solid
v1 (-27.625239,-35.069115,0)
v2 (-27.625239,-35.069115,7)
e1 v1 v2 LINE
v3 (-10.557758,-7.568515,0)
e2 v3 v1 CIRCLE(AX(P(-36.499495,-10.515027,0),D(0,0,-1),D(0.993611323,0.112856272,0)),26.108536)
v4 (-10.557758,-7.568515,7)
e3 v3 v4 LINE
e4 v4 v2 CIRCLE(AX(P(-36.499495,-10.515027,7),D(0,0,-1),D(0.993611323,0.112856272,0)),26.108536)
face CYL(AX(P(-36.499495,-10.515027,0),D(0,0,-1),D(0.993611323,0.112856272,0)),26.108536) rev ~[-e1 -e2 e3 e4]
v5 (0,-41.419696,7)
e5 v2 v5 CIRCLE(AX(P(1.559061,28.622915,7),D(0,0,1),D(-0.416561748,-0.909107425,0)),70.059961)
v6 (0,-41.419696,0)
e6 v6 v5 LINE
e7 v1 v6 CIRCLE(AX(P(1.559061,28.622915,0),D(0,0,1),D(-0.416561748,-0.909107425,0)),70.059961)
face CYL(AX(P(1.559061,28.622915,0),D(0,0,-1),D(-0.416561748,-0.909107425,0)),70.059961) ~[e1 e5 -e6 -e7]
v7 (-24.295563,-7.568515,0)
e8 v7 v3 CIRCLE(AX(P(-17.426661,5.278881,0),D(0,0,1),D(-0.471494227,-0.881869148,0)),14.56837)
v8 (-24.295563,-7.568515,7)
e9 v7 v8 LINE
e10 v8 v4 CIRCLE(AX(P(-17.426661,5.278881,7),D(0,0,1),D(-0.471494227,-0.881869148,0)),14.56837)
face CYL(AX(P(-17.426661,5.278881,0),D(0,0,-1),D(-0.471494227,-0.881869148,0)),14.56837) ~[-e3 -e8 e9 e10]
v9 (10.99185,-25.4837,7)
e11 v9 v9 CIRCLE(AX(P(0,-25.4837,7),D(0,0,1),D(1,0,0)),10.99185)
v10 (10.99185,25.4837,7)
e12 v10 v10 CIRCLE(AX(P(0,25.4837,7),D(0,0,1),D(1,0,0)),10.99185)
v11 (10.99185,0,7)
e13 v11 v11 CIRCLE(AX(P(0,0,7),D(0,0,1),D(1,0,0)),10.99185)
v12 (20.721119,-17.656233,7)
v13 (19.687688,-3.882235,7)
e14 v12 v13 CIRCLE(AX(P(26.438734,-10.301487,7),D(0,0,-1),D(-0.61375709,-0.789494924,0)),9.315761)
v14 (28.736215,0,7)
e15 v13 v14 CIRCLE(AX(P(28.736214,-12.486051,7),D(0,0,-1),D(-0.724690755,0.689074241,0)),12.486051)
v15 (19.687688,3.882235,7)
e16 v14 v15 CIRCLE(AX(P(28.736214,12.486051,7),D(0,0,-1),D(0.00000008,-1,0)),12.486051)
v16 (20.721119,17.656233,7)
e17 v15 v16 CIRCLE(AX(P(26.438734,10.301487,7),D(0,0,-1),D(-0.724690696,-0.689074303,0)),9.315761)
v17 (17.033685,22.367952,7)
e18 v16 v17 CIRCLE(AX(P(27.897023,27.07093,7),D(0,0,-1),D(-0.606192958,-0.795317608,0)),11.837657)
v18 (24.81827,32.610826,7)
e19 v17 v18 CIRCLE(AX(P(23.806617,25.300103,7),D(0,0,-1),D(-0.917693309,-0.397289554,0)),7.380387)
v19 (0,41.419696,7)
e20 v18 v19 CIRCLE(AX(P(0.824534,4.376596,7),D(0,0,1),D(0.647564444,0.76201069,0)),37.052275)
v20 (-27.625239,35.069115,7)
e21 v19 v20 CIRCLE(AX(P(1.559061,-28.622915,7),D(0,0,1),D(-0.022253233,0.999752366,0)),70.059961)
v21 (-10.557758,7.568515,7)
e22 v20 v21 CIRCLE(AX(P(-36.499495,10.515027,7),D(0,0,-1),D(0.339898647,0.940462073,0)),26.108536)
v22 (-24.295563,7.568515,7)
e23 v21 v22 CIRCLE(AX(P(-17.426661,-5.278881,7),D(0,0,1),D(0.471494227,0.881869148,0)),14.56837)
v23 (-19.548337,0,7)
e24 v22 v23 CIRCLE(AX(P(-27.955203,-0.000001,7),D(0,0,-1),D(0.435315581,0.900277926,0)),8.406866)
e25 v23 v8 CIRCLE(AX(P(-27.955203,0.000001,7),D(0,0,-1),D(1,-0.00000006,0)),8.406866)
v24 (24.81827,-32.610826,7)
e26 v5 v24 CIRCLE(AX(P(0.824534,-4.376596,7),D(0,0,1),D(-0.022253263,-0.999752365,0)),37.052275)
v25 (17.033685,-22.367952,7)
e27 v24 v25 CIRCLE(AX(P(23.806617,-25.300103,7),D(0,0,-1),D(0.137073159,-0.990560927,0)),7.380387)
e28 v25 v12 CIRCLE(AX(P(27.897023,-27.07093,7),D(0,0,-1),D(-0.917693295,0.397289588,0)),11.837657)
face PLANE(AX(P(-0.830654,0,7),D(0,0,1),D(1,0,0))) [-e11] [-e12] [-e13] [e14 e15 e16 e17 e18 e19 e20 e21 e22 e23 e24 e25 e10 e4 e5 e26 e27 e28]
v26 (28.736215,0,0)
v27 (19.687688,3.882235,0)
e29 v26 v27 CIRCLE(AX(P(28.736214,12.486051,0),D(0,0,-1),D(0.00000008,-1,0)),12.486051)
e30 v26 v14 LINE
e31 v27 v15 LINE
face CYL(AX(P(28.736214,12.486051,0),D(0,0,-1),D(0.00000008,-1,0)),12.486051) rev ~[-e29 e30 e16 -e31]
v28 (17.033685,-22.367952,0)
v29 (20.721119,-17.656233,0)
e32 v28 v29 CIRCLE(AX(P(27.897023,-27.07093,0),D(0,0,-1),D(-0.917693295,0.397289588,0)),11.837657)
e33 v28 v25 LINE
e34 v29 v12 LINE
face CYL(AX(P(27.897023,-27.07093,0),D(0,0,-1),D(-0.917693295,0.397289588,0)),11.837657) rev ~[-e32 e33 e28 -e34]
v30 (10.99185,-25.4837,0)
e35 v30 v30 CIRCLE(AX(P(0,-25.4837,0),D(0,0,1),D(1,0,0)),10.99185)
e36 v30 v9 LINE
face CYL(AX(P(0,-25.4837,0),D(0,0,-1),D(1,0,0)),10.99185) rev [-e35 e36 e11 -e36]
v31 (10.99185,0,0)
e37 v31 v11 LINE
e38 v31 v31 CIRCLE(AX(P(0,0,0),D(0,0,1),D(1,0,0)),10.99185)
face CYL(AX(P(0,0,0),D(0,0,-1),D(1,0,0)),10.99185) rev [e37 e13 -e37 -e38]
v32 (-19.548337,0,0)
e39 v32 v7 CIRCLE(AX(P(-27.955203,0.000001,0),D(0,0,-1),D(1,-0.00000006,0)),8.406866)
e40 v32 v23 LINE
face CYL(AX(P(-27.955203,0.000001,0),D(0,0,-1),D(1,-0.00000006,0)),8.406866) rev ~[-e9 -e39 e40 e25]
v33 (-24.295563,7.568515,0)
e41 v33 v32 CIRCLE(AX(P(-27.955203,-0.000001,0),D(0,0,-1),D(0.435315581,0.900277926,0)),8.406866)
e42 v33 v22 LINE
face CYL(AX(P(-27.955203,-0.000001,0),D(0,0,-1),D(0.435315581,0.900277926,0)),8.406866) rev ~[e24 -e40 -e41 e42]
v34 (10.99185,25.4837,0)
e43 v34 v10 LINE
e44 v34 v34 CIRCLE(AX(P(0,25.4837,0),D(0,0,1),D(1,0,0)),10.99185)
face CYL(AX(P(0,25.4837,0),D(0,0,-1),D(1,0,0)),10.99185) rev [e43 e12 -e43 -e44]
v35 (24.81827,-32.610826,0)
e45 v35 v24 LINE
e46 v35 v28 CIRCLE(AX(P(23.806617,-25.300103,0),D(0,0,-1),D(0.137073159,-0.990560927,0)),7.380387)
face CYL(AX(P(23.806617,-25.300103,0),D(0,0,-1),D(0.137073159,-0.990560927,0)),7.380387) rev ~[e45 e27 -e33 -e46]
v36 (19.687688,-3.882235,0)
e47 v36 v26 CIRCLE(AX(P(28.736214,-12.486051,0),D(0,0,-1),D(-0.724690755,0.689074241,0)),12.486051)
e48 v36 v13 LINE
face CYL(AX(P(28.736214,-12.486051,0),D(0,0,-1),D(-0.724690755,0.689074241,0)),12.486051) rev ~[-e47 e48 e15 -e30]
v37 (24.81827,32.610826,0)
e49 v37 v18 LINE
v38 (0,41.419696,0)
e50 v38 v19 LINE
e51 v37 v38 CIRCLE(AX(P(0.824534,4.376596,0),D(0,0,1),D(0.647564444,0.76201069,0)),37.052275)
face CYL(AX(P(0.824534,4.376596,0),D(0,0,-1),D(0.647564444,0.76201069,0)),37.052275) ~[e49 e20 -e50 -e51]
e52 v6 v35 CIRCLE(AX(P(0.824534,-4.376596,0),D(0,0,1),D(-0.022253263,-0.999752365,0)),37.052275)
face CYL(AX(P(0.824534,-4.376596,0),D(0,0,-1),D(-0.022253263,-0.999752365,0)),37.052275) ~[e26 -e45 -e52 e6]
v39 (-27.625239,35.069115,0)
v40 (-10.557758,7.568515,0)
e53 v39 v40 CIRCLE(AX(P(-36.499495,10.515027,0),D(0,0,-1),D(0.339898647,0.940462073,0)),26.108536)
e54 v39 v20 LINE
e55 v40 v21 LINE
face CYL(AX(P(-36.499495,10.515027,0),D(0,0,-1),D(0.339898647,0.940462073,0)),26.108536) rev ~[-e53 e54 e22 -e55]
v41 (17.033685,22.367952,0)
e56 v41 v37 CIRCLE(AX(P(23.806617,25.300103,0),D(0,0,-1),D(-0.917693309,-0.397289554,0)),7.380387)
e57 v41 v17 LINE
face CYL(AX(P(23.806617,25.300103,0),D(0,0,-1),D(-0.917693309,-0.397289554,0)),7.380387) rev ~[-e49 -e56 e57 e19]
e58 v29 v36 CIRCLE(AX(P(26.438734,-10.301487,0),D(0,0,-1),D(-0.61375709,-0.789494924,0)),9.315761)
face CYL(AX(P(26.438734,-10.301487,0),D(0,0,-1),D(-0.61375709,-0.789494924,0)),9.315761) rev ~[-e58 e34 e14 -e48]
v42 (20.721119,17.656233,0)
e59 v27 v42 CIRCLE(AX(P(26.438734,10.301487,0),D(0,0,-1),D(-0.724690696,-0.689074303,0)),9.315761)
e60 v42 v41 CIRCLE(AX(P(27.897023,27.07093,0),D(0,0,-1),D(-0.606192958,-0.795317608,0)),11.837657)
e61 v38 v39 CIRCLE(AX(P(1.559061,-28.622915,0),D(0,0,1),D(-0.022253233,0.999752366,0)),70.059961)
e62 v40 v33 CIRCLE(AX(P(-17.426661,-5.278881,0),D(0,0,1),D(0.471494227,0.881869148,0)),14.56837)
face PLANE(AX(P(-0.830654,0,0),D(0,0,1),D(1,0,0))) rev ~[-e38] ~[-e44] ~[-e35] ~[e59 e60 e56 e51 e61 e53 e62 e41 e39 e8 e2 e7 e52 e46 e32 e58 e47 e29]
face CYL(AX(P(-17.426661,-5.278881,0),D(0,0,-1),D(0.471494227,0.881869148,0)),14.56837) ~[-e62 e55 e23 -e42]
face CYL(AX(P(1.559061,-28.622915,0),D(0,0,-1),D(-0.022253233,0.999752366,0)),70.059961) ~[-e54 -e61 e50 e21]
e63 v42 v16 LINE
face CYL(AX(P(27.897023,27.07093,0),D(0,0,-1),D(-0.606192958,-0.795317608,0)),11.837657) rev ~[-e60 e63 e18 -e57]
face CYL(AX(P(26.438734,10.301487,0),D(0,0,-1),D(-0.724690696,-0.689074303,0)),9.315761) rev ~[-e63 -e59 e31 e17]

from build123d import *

# Parameters (mm, degrees)
F1_R     = 10.99185
F2_DEPTH = 7


with BuildPart() as f2:
    # F1 (on Top) → F2 (new body)
    with BuildSketch(Plane.XY):
        with BuildLine():
            ThreePointArc((17.033685, 22.367952), (17.930632, 29.765852), (24.81827, 32.610826))
            ThreePointArc((24.81827, 32.610826), (13.218162, 39.29463), (0, 41.419696))
            ThreePointArc((0, 41.419696), (-14.137149, 39.656123), (-27.625239, 35.069115))
            ThreePointArc((-27.625239, 35.069115), (-14.315963, 24.282618), (-10.557758, 7.568515))
            ThreePointArc((-10.557758, 7.568515), (-17.42666, 9.289489), (-24.295563, 7.568515))
            ThreePointArc((-24.295563, 7.568515), (-20.833353, 4.467062), (-19.548337, 0))
            ThreePointArc((-19.548337, 0), (-20.833353, -4.467062), (-24.295563, -7.568515))
            ThreePointArc((-24.295563, -7.568515), (-17.42666, -9.289489), (-10.557758, -7.568515))
            ThreePointArc((-10.557758, -7.568515), (-14.315963, -24.282618), (-27.625239, -35.069115))
            ThreePointArc((-27.625239, -35.069115), (-14.137149, -39.656123), (0, -41.419696))
            ThreePointArc((0, -41.419696), (13.218162, -39.29463), (24.81827, -32.610826))
            ThreePointArc((24.81827, -32.610826), (17.930632, -29.765852), (17.033685, -22.367952))
            ThreePointArc((17.033685, -22.367952), (18.574811, -19.775282), (20.721119, -17.656233))
            ThreePointArc((20.721119, -17.656233), (17.149082, -10.998468), (19.687688, -3.882235))
            ThreePointArc((19.687688, -3.882235), (23.813117, -1.011532), (28.736215, 0))
            ThreePointArc((28.736215, 0), (23.813117, 1.011532), (19.687688, 3.882235))
            ThreePointArc((19.687688, 3.882235), (17.149082, 10.998468), (20.721119, 17.656233))
            ThreePointArc((20.721119, 17.656233), (18.574811, 19.775282), (17.033685, 22.367952))
        make_face()
        with Locations((0, -25.4837)):
            Circle(F1_R, mode=Mode.SUBTRACT)
        Circle(F1_R, mode=Mode.SUBTRACT)
        with Locations((0, 25.4837)):
            Circle(F1_R, mode=Mode.SUBTRACT)
    extrude(amount=F2_DEPTH)


solid = f2.part
